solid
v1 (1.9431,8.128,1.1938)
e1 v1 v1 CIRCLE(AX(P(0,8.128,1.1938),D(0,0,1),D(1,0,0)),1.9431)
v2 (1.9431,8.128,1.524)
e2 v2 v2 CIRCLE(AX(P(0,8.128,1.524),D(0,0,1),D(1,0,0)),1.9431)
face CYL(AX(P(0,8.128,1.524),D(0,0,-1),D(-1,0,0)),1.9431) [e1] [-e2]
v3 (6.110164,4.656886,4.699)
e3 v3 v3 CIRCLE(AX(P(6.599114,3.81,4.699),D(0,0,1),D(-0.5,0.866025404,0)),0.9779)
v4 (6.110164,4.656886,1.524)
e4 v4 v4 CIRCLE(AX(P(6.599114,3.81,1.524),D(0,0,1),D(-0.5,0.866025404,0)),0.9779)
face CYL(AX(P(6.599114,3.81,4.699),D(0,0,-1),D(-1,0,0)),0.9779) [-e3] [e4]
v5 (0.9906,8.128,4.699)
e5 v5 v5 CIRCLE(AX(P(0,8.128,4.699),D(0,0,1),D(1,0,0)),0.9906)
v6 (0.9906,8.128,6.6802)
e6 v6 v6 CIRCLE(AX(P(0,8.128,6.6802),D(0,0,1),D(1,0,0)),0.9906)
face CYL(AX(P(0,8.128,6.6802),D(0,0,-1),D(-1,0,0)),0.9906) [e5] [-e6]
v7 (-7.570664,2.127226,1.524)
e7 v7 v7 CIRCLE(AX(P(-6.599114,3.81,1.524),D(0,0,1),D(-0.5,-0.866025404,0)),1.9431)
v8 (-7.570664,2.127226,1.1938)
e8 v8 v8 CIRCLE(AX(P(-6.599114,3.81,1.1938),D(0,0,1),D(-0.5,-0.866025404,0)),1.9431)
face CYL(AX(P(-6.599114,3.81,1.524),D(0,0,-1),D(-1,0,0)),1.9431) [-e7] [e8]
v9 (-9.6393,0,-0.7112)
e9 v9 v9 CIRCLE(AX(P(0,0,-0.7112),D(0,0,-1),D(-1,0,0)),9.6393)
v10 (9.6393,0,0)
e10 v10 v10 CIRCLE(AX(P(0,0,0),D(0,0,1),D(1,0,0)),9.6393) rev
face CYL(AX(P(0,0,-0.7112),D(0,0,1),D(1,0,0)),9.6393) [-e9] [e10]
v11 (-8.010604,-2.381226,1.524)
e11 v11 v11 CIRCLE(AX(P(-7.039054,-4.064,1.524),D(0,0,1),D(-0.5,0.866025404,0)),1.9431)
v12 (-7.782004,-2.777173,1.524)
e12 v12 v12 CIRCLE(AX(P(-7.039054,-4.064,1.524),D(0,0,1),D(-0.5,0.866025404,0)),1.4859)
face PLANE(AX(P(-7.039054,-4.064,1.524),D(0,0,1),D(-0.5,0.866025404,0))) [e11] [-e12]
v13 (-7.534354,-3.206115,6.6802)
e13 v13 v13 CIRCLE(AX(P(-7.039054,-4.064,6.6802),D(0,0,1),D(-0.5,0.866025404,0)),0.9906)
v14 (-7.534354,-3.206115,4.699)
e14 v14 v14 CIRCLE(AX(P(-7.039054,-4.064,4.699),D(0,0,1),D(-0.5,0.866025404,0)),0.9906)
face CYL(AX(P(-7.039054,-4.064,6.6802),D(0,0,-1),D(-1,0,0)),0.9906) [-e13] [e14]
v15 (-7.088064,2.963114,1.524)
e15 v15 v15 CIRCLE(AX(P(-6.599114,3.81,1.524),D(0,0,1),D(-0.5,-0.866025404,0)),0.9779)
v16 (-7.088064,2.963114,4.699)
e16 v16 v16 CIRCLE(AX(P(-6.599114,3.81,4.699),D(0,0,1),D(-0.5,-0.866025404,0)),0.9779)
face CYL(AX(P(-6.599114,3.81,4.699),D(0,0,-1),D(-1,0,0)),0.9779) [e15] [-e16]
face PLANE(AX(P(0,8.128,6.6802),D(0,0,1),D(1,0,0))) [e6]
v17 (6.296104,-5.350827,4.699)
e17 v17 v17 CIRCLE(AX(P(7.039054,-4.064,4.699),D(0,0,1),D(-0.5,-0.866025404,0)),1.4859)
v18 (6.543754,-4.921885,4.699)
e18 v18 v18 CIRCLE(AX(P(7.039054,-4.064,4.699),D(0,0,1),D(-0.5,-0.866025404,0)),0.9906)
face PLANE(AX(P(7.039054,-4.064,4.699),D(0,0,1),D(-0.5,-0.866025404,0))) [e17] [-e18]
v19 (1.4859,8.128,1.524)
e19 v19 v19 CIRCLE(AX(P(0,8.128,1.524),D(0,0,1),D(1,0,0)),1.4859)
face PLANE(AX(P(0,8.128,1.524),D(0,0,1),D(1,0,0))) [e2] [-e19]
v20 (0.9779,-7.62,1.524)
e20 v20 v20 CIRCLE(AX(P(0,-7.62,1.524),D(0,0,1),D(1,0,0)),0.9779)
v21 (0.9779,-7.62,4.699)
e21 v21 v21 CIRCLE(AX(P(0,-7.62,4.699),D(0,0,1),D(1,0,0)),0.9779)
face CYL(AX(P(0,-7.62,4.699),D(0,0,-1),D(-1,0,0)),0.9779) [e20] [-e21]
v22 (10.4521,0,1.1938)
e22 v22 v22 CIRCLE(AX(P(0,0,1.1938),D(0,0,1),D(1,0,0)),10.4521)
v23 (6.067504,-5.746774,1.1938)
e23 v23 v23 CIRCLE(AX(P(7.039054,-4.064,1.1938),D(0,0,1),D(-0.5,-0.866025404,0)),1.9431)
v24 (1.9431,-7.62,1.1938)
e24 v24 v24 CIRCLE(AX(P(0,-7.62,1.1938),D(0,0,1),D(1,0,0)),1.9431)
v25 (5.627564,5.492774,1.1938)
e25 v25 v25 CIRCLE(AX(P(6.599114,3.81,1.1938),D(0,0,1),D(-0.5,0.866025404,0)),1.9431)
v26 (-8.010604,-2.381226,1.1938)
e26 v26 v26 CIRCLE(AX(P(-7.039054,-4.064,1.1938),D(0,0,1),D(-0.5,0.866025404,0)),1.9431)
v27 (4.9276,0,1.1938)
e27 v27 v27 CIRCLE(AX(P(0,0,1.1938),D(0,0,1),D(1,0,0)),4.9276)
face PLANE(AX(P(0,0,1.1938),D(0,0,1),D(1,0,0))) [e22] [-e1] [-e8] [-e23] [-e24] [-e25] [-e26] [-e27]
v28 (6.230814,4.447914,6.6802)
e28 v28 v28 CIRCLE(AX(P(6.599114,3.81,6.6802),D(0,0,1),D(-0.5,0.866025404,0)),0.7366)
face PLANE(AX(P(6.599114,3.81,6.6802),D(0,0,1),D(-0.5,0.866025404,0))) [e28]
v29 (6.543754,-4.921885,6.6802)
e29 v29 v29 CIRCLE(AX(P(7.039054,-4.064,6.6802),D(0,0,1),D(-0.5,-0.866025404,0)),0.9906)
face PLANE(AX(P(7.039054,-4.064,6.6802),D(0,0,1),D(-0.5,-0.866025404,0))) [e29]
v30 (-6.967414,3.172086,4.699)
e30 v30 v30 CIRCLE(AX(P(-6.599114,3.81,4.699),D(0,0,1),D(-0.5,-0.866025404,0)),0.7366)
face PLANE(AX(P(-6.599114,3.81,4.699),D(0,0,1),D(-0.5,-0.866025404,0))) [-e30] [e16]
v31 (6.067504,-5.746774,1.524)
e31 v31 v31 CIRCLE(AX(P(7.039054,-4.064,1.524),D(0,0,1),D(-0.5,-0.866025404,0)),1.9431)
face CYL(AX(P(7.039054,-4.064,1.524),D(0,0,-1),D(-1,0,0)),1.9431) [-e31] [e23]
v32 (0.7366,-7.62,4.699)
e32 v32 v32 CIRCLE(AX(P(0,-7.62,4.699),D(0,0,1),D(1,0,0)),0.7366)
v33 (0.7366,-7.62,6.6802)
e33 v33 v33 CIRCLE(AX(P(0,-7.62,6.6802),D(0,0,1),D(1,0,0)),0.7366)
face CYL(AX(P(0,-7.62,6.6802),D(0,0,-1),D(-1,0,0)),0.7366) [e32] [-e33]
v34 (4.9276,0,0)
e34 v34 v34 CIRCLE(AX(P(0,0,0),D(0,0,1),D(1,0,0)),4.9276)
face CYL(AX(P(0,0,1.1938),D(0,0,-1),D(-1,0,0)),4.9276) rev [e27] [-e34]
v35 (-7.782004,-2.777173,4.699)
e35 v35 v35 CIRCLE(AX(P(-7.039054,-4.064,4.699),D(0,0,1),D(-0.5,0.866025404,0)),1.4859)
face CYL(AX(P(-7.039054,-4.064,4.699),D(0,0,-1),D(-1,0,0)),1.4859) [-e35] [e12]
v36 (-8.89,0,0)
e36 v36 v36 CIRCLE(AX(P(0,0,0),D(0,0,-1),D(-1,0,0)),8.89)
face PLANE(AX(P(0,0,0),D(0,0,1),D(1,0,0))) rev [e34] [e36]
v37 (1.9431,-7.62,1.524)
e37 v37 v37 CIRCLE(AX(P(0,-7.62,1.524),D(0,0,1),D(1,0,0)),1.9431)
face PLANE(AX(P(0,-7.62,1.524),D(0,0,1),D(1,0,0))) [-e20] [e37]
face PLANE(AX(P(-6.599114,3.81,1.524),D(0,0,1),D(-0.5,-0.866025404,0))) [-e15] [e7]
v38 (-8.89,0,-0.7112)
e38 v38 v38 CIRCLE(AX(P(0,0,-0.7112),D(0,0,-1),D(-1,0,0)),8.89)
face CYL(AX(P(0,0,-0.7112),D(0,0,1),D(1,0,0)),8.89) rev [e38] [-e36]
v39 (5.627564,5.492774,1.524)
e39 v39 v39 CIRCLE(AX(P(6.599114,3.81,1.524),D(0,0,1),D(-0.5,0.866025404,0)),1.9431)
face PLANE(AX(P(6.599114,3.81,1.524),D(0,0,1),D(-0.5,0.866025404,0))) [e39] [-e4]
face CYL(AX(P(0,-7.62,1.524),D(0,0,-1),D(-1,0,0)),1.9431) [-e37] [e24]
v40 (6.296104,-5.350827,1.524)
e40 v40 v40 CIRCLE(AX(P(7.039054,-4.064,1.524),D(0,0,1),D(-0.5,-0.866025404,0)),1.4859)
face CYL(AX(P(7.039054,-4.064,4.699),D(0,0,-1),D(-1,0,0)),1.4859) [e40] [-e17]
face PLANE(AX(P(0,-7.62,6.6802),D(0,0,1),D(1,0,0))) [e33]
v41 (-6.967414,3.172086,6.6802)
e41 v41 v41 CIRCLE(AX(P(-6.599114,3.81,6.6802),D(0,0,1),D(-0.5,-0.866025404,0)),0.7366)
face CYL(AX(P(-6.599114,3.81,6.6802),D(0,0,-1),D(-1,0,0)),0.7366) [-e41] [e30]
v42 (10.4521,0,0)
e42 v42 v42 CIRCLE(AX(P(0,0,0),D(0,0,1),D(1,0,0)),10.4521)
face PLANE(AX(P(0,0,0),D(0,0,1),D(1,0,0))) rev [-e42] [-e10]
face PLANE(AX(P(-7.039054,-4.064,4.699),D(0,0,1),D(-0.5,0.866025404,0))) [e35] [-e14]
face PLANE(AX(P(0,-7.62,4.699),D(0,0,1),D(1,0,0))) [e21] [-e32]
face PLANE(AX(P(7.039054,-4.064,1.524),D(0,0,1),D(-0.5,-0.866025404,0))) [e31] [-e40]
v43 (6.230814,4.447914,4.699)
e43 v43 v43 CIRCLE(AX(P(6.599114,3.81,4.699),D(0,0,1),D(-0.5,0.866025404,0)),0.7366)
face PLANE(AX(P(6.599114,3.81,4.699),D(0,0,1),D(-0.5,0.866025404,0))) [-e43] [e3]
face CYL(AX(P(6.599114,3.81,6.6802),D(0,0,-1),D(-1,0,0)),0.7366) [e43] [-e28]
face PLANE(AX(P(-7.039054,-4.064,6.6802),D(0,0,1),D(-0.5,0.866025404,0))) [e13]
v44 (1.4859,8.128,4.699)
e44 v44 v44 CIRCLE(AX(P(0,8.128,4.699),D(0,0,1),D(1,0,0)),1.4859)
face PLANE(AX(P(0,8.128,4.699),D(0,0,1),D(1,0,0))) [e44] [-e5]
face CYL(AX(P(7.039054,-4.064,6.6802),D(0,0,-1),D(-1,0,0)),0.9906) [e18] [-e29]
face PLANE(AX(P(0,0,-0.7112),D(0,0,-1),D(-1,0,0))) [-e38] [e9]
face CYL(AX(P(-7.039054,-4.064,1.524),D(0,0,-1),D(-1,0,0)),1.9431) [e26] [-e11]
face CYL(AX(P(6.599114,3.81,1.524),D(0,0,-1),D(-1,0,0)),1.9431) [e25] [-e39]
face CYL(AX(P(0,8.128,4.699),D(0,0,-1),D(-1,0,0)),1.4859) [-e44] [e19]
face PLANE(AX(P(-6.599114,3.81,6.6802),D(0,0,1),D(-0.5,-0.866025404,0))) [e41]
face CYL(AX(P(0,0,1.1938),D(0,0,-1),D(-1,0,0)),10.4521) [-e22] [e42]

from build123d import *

# Parameters (mm, degrees)
SKETCH1_R         = 10.4521
SKETCH1_R_2       = 4.9276
BASE_DEPTH        = 1.1938
SKETCH2_R         = 9.6393
SKETCH2_R_2       = 8.89
TRACK_DEPTH       = 0.7112
SKETCH3_R         = 1.9431
PLATFORM_1_DEPTH  = 0.3302
SKETCH4_R         = 1.4859
SKETCH4_R_2       = 0.9779
PLATFORM_2_DEPTH  = 3.175
SKETCH5_R         = 0.9906
SKETCH5_R_2       = 0.7366
PLATFORM_3_DEPTH  = 1.9812
CIRPATTERN1_COUNT = 3


with BuildPart() as part:
    # Sketch1 → Base (new body)
    with BuildSketch(Plane.XY):
        Circle(SKETCH1_R)
        Circle(SKETCH1_R_2, mode=Mode.SUBTRACT)
    extrude(amount=BASE_DEPTH)

    # Sketch2 → Track (add)
    with BuildSketch(Plane(origin=(0, 0, 0), x_dir=(-1, 0, 0), z_dir=(0, 0, -1))):
        Circle(SKETCH2_R)
        Circle(SKETCH2_R_2, mode=Mode.SUBTRACT)
    extrude(amount=TRACK_DEPTH)

    # Sketch3 → Platform 1 (add)
    with BuildSketch(Plane.XY.offset(1.1938)):
        with Locations((0, 8.128)):
            Circle(SKETCH3_R)
        with Locations((0, -7.62)):
            Circle(SKETCH3_R)
    platform_1 = extrude(amount=PLATFORM_1_DEPTH)

    # Sketch4 → Platform 2 (add)
    with BuildSketch(Plane.XY.offset(1.524)):
        with Locations((0, 8.128)):
            Circle(SKETCH4_R)
        with Locations((0, -7.62)):
            Circle(SKETCH4_R_2)
    platform_2 = extrude(amount=PLATFORM_2_DEPTH)

    # Sketch5 → Platform 3 (add)
    with BuildSketch(Plane.XY.offset(4.699)):
        with Locations((0, 8.128)):
            Circle(SKETCH5_R)
        with Locations((0, -7.62)):
            Circle(SKETCH5_R_2)
    platform_3 = extrude(amount=PLATFORM_3_DEPTH)

    # CirPattern1: Platform 1, Platform 2, Platform 3 ×3 about axis
    cirpattern1_axis = Axis((0, 0, 0), (0, 0, 1))
    for i in range(1, CIRPATTERN1_COUNT):
        add(platform_1.rotate(cirpattern1_axis, i * 360 / CIRPATTERN1_COUNT))
        add(platform_2.rotate(cirpattern1_axis, i * 360 / CIRPATTERN1_COUNT))
        add(platform_3.rotate(cirpattern1_axis, i * 360 / CIRPATTERN1_COUNT))


solid = part.part
